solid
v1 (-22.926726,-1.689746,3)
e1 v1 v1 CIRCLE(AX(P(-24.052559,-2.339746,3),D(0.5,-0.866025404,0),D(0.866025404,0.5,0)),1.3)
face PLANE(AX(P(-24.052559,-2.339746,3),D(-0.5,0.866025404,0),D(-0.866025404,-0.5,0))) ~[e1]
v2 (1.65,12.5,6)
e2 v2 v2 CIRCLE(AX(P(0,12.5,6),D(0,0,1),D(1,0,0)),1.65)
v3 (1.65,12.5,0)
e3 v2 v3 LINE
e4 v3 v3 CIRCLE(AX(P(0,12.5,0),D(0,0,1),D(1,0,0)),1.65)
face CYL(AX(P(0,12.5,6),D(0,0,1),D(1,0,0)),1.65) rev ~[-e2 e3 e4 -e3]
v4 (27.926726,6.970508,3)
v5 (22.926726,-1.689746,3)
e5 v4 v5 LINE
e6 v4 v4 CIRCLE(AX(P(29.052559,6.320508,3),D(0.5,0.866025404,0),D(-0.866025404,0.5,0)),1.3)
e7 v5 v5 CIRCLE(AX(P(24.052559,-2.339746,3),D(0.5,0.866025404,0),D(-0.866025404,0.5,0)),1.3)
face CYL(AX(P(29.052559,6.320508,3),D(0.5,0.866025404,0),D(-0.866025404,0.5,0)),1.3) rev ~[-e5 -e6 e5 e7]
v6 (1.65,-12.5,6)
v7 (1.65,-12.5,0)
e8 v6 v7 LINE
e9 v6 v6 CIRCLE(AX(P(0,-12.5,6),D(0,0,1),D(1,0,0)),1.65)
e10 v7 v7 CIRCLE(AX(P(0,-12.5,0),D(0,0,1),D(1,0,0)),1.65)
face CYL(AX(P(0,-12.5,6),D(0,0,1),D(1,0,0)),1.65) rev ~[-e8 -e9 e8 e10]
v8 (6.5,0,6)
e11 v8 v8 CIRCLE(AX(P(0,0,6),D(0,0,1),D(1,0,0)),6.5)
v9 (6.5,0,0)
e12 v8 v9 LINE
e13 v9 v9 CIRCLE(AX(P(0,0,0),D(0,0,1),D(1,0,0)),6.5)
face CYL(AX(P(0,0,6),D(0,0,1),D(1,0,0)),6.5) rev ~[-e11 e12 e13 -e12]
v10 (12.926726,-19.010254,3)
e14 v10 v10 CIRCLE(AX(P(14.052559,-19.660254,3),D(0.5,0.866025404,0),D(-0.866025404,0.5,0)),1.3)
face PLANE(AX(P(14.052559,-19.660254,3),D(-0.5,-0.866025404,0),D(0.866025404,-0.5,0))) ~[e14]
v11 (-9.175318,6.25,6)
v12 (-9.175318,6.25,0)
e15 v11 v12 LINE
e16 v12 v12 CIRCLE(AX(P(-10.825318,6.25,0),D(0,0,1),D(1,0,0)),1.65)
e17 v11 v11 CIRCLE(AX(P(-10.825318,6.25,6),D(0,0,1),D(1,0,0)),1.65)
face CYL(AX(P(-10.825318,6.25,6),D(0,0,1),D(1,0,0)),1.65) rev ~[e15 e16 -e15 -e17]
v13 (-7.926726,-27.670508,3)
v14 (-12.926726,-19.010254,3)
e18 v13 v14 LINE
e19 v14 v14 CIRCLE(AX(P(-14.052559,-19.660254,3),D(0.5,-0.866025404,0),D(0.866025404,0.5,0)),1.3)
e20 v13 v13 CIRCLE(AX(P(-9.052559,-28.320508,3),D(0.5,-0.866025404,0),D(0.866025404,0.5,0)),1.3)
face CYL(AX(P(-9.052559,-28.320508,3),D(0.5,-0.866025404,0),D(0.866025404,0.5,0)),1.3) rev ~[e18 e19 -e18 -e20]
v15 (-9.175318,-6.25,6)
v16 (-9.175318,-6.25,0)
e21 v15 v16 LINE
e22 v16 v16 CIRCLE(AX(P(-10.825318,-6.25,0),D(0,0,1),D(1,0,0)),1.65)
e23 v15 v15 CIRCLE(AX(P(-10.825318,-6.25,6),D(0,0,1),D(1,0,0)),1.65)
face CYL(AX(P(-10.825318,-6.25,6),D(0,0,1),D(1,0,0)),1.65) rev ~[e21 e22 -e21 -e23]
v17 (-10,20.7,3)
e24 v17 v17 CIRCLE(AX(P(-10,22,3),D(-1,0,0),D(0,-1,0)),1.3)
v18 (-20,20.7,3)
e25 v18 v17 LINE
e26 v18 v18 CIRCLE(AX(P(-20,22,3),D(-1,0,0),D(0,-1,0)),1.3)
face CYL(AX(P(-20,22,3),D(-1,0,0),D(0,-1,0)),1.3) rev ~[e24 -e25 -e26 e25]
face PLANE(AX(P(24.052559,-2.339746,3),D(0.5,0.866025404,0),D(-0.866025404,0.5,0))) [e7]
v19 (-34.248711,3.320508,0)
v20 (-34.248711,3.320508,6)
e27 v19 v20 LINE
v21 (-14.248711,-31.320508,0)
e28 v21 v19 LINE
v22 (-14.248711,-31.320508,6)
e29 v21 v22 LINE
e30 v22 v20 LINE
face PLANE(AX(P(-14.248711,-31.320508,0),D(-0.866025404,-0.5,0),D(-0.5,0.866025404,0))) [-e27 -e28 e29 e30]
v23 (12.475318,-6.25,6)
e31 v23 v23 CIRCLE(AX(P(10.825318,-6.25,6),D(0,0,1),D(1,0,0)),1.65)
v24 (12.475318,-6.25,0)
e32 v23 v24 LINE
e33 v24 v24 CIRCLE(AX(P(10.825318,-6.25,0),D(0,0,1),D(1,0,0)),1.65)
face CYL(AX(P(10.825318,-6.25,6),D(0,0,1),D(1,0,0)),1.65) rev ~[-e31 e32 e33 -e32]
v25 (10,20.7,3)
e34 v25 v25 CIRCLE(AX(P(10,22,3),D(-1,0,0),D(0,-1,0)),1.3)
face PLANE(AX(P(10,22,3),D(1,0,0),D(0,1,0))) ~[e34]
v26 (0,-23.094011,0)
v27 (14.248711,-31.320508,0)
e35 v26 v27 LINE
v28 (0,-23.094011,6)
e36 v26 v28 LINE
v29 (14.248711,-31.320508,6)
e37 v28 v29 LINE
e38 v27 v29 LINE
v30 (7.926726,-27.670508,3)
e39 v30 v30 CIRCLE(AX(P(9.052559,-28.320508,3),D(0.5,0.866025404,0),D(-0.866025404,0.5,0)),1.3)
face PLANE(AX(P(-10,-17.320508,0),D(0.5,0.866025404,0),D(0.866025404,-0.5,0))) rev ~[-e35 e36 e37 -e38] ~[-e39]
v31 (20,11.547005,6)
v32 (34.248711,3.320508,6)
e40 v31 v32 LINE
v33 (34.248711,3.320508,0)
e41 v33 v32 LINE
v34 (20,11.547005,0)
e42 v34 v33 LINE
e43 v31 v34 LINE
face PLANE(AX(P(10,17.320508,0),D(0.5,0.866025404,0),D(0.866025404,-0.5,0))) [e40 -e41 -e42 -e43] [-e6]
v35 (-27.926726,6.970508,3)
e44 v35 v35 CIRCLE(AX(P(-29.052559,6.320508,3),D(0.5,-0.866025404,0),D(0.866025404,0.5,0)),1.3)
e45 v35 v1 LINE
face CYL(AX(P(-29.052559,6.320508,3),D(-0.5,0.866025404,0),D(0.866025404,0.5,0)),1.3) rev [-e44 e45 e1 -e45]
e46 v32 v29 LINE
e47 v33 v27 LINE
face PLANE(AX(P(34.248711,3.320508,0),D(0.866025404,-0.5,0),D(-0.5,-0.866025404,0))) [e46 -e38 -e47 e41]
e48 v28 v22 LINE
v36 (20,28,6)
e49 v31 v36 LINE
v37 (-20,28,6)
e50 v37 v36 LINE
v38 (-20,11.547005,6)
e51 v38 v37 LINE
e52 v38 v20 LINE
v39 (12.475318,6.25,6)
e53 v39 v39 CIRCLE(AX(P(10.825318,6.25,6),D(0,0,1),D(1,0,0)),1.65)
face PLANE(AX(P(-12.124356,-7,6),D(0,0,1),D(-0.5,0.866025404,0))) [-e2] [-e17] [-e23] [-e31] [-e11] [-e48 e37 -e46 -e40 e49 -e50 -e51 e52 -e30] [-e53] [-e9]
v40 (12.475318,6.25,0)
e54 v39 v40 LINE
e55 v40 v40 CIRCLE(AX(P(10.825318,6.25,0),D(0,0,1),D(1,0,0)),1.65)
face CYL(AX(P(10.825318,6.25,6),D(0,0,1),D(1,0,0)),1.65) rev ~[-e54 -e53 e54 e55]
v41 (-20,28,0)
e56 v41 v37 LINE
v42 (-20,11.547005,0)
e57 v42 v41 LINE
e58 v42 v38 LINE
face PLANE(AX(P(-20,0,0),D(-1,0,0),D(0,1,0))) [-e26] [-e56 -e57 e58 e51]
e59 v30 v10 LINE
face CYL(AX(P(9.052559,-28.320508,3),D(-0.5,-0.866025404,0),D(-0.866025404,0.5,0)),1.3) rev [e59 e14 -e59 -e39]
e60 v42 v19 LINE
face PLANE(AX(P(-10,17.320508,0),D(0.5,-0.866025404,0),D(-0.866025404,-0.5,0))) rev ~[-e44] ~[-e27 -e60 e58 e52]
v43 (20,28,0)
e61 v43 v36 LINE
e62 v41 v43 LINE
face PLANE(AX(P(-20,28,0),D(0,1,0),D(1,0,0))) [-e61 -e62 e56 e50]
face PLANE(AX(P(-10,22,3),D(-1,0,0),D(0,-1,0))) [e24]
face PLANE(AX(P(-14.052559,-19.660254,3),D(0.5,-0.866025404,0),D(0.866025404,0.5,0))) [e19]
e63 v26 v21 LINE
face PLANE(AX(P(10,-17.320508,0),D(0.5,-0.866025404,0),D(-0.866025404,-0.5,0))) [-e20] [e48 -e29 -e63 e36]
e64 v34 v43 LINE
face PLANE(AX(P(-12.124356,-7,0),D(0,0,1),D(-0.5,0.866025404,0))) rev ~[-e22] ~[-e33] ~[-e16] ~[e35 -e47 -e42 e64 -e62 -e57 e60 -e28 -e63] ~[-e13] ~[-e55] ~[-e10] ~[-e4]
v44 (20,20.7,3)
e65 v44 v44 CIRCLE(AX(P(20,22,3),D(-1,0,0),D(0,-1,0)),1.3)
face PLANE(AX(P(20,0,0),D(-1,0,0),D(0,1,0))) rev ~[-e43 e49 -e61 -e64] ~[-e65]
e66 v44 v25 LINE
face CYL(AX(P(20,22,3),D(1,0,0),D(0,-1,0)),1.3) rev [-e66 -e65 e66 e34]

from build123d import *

# Parameters (mm, degrees)
F0_W     = 40
F0_H     = 28
F1_DEPTH = 6
F2_R     = 1.3
F3_DEPTH = 10
F6_COUNT = 3
F7_R     = 6.5
F7_R_2   = 1.65
F8_DEPTH = 6.001


with BuildPart() as f1:
    # F0 (on Top) → F1 (new body)
    with BuildSketch(Plane.XY):
        with Locations((0, 14)):
            Rectangle(F0_W, F0_H)
    extrude(amount=F1_DEPTH)

    # F2 (on face) → F3 (cut)
    with BuildSketch(Plane(origin=(-20, 0, 0), x_dir=(0, -1, 0), z_dir=(-1, 0, 0))):
        with Locations((-22, 3)):
            Circle(F2_R)
    extrude(amount=-F3_DEPTH, mode=Mode.SUBTRACT)

    # F4: F1 across plane


with BuildPart() as f1_1:
    add(f1.part)
    add(f1.part.mirror(Plane.YZ), mode=Mode.INTERSECT)

    # F6: F1 ×3 about axis
    f6_axis = Axis((0, 0, 8.396655), (0, 0, 1))


with BuildPart() as f1_2:
    add(f1_1.part)
    for i in range(1, F6_COUNT):
        add(f1_1.part.rotate(f6_axis, i * 360 / F6_COUNT))

    # F7 (on face) → F8 (cut, through all)
    with BuildSketch(Plane.XY.offset(6)):
        Circle(F7_R)
        with Locations((0, 12.5)):
            Circle(F7_R_2)
        with Locations((10.825318, 6.25)):
            Circle(F7_R_2)
        with Locations((10.825318, -6.25)):
            Circle(F7_R_2)
        with Locations((0, -12.5)):
            Circle(F7_R_2)
        with Locations((-10.825318, 6.25)):
            Circle(F7_R_2)
        with Locations((-10.825318, -6.25)):
            Circle(F7_R_2)
    extrude(amount=-F8_DEPTH, mode=Mode.SUBTRACT)


solid = f1_2.part
